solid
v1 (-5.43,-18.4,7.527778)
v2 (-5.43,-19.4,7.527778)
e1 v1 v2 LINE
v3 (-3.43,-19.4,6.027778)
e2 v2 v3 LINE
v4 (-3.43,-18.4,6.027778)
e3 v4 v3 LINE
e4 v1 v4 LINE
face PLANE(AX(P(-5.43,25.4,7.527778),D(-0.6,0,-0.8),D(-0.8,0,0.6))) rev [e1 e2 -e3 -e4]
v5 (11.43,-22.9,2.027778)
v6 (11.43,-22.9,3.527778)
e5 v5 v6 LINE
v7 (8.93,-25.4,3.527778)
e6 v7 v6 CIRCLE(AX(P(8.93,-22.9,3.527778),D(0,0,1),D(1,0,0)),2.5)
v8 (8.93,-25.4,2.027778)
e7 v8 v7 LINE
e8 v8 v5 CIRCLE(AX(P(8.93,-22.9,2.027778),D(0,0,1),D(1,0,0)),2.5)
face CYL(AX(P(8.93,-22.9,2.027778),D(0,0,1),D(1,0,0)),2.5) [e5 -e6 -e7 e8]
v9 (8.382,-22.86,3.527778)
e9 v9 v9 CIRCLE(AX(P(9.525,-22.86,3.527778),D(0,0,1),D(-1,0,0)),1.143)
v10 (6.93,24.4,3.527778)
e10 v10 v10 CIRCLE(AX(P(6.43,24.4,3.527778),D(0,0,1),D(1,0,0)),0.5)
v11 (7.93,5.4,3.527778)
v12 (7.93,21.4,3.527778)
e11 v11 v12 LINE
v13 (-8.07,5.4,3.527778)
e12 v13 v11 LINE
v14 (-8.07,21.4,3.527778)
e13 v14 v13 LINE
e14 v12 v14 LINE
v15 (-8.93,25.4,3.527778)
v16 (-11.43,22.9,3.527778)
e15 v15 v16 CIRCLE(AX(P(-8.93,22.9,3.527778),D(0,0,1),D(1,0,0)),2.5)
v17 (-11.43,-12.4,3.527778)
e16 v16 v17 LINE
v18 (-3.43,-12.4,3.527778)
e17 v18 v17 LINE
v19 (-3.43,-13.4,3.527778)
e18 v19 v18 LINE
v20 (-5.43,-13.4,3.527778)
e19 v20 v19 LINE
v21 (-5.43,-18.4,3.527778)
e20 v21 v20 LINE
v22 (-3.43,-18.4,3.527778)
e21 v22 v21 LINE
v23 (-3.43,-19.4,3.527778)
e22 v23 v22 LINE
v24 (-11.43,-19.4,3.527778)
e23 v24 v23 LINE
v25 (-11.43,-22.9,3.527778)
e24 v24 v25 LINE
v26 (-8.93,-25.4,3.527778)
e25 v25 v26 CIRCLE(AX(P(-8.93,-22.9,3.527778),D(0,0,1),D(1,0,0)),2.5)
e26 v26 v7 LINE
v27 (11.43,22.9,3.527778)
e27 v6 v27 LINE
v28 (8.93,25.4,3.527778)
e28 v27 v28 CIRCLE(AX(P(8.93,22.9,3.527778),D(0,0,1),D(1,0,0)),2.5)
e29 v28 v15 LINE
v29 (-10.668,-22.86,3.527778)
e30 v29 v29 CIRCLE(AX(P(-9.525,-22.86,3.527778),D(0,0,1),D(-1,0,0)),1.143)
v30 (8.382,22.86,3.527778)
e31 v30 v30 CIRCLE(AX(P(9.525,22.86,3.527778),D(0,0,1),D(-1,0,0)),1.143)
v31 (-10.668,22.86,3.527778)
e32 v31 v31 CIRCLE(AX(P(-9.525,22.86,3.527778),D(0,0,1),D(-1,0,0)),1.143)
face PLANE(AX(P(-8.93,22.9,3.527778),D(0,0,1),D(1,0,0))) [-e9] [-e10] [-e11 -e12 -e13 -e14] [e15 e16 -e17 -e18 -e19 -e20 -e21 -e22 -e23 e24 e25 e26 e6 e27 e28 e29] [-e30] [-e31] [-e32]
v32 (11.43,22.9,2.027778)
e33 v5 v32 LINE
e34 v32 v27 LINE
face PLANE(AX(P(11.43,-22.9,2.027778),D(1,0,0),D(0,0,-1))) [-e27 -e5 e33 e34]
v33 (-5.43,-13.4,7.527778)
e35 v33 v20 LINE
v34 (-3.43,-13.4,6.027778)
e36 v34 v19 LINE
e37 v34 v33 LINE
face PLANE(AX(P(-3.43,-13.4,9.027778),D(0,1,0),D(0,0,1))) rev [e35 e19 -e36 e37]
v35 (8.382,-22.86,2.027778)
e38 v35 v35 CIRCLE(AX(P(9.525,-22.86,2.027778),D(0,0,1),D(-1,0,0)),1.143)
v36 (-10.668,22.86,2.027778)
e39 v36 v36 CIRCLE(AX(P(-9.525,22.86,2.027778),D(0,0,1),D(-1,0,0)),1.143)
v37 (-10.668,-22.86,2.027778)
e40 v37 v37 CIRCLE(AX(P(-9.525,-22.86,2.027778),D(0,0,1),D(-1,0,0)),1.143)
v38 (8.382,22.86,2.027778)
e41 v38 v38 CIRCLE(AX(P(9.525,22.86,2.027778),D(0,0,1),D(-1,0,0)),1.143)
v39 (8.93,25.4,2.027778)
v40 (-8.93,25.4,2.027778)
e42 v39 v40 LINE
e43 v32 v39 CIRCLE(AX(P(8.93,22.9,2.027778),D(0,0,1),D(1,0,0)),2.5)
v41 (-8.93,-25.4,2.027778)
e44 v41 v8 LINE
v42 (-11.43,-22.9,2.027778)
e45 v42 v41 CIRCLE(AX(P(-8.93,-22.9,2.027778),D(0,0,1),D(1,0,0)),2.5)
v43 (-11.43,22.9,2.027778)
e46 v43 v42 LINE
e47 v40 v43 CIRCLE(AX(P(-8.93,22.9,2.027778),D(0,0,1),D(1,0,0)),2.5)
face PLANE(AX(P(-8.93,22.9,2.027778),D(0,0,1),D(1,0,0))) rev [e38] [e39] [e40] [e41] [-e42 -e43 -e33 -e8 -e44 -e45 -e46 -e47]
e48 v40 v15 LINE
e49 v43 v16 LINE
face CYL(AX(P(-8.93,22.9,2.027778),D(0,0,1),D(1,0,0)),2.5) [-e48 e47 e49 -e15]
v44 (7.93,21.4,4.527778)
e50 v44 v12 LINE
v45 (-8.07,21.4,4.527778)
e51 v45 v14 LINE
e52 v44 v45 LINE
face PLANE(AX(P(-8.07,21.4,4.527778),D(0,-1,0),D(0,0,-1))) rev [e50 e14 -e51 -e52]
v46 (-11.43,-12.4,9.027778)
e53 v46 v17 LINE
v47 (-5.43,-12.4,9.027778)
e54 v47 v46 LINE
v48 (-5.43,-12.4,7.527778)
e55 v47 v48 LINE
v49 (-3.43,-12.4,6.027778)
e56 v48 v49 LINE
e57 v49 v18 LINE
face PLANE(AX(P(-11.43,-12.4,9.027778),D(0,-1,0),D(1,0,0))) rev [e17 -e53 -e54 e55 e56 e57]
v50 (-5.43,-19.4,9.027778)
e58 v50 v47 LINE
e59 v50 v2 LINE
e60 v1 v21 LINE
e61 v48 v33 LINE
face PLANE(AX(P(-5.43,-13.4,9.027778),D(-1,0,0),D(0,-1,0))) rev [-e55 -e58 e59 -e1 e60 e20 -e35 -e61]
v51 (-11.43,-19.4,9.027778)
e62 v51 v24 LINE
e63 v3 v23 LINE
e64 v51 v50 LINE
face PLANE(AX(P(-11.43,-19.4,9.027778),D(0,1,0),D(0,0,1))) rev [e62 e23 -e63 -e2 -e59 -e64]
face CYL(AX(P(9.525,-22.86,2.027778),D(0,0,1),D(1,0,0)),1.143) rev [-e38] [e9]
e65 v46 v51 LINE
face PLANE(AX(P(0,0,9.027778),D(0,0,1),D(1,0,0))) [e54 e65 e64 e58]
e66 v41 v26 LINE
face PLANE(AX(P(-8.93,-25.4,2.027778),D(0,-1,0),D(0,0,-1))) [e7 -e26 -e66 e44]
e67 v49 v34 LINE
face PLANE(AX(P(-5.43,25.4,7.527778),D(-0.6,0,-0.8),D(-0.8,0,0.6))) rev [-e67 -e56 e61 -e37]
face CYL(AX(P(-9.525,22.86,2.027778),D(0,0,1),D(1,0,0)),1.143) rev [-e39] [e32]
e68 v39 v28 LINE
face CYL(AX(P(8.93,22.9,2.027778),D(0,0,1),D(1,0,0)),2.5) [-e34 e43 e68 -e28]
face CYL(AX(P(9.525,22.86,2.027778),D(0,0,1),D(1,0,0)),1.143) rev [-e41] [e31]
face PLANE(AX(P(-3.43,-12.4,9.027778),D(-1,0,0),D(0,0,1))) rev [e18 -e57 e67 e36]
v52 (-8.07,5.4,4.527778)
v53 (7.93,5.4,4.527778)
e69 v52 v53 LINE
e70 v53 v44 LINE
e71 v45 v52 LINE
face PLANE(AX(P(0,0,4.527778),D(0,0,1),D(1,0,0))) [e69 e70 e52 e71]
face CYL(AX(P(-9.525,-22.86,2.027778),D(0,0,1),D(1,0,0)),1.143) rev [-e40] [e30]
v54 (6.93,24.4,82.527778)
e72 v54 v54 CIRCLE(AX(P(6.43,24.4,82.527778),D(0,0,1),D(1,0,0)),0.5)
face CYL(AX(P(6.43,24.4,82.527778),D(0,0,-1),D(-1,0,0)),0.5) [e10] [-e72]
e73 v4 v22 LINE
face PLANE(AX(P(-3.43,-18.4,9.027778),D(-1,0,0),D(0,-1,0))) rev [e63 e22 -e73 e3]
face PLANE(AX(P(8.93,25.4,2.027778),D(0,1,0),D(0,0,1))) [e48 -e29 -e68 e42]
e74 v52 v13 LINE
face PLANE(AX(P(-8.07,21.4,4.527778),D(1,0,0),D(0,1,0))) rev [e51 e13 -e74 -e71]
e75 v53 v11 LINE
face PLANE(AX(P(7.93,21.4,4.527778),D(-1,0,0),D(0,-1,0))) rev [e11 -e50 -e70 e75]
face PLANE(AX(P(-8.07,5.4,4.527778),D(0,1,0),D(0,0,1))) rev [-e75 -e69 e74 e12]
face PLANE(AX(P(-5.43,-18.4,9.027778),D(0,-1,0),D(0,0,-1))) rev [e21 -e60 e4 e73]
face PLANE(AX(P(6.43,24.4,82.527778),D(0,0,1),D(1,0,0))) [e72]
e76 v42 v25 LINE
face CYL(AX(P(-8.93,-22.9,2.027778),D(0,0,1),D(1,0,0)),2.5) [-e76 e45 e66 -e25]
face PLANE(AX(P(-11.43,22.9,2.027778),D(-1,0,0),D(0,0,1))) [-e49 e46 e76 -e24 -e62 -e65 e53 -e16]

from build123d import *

# Parameters (mm, degrees)
SKETCH1_R               = 1.143
BOSS_EXTRUDE1_DEPTH     = 1.5
CROQUIS1_W              = 16
CROQUIS1_H              = 16
SALIENTE_EXTRUIR1_DEPTH = 1
CROQUIS2_R              = 0.5
SALIENTE_EXTRUIR2_DEPTH = 79
SALIENTE_EXTRUIR3_DEPTH = 5.5
CORTAR_EXTRUIR1_DEPTH   = 95.596612016


with BuildPart() as part:
    # Sketch1 → Boss-Extrude1 (new body)
    with BuildSketch(Plane.XY.offset(3.527777778)):
        with BuildLine():
            Line((-11.43, 22.9), (-11.43, -22.9))
            ThreePointArc((-11.43, -22.9), (-10.697766953, -24.667766953), (-8.93, -25.4))
            Line((-8.93, -25.4), (8.93, -25.4))
            ThreePointArc((8.93, -25.4), (10.697766953, -24.667766953), (11.43, -22.9))
            Line((11.43, -22.9), (11.43, 22.9))
            ThreePointArc((11.43, 22.9), (10.697766953, 24.667766953), (8.93, 25.4))
            Line((8.93, 25.4), (-8.93, 25.4))
            ThreePointArc((-8.93, 25.4), (-10.697766953, 24.667766953), (-11.43, 22.9))
        make_face()
        with Locations(Location((9.525, 22.86, 0), (0, 0, 180))):
            Circle(SKETCH1_R, mode=Mode.SUBTRACT)
        with Locations(Location((-9.525, 22.86, 0), (0, 0, 180))):
            Circle(SKETCH1_R, mode=Mode.SUBTRACT)
        with Locations(Location((-9.525, -22.86, 0), (0, 0, 180))):
            Circle(SKETCH1_R, mode=Mode.SUBTRACT)
        with Locations(Location((9.525, -22.86, 0), (0, 0, 180))):
            Circle(SKETCH1_R, mode=Mode.SUBTRACT)
    extrude(amount=-BOSS_EXTRUDE1_DEPTH)

    # Croquis1 → Saliente-Extruir1 (add)
    with BuildSketch(Plane.XY.offset(3.527777778)):
        with Locations((-0.07, 13.4)):
            Rectangle(CROQUIS1_W, CROQUIS1_H)
    extrude(amount=SALIENTE_EXTRUIR1_DEPTH)

    # Croquis2 → Saliente-Extruir2 (add)
    with BuildSketch(Plane.XY.offset(3.527777778)):
        with Locations((6.43, 24.4)):
            Circle(CROQUIS2_R)
    extrude(amount=SALIENTE_EXTRUIR2_DEPTH)

    # Croquis3 → Saliente-Extruir3 (add)
    with BuildSketch(Plane.XY.offset(3.527777778)):
        Polygon((-11.43, -12.4), (-3.43, -12.4), (-3.43, -13.4), (-5.43, -13.4), (-5.43, -18.4), (-3.43, -18.4), (-3.43, -19.4), (-11.43, -19.4), align=None)
    extrude(amount=SALIENTE_EXTRUIR3_DEPTH)

    # Croquis4 → Cortar-Extruir1 (cut, through all)
    with BuildSketch(Plane.XZ.offset(19.4)):
        Polygon((-5.43, 9.027777778), (-5.43, 7.527777778), (-3.43, 6.027777778), (-3.43, 9.027777778), align=None)
    extrude(amount=-CORTAR_EXTRUIR1_DEPTH, mode=Mode.SUBTRACT)


solid = part.part
